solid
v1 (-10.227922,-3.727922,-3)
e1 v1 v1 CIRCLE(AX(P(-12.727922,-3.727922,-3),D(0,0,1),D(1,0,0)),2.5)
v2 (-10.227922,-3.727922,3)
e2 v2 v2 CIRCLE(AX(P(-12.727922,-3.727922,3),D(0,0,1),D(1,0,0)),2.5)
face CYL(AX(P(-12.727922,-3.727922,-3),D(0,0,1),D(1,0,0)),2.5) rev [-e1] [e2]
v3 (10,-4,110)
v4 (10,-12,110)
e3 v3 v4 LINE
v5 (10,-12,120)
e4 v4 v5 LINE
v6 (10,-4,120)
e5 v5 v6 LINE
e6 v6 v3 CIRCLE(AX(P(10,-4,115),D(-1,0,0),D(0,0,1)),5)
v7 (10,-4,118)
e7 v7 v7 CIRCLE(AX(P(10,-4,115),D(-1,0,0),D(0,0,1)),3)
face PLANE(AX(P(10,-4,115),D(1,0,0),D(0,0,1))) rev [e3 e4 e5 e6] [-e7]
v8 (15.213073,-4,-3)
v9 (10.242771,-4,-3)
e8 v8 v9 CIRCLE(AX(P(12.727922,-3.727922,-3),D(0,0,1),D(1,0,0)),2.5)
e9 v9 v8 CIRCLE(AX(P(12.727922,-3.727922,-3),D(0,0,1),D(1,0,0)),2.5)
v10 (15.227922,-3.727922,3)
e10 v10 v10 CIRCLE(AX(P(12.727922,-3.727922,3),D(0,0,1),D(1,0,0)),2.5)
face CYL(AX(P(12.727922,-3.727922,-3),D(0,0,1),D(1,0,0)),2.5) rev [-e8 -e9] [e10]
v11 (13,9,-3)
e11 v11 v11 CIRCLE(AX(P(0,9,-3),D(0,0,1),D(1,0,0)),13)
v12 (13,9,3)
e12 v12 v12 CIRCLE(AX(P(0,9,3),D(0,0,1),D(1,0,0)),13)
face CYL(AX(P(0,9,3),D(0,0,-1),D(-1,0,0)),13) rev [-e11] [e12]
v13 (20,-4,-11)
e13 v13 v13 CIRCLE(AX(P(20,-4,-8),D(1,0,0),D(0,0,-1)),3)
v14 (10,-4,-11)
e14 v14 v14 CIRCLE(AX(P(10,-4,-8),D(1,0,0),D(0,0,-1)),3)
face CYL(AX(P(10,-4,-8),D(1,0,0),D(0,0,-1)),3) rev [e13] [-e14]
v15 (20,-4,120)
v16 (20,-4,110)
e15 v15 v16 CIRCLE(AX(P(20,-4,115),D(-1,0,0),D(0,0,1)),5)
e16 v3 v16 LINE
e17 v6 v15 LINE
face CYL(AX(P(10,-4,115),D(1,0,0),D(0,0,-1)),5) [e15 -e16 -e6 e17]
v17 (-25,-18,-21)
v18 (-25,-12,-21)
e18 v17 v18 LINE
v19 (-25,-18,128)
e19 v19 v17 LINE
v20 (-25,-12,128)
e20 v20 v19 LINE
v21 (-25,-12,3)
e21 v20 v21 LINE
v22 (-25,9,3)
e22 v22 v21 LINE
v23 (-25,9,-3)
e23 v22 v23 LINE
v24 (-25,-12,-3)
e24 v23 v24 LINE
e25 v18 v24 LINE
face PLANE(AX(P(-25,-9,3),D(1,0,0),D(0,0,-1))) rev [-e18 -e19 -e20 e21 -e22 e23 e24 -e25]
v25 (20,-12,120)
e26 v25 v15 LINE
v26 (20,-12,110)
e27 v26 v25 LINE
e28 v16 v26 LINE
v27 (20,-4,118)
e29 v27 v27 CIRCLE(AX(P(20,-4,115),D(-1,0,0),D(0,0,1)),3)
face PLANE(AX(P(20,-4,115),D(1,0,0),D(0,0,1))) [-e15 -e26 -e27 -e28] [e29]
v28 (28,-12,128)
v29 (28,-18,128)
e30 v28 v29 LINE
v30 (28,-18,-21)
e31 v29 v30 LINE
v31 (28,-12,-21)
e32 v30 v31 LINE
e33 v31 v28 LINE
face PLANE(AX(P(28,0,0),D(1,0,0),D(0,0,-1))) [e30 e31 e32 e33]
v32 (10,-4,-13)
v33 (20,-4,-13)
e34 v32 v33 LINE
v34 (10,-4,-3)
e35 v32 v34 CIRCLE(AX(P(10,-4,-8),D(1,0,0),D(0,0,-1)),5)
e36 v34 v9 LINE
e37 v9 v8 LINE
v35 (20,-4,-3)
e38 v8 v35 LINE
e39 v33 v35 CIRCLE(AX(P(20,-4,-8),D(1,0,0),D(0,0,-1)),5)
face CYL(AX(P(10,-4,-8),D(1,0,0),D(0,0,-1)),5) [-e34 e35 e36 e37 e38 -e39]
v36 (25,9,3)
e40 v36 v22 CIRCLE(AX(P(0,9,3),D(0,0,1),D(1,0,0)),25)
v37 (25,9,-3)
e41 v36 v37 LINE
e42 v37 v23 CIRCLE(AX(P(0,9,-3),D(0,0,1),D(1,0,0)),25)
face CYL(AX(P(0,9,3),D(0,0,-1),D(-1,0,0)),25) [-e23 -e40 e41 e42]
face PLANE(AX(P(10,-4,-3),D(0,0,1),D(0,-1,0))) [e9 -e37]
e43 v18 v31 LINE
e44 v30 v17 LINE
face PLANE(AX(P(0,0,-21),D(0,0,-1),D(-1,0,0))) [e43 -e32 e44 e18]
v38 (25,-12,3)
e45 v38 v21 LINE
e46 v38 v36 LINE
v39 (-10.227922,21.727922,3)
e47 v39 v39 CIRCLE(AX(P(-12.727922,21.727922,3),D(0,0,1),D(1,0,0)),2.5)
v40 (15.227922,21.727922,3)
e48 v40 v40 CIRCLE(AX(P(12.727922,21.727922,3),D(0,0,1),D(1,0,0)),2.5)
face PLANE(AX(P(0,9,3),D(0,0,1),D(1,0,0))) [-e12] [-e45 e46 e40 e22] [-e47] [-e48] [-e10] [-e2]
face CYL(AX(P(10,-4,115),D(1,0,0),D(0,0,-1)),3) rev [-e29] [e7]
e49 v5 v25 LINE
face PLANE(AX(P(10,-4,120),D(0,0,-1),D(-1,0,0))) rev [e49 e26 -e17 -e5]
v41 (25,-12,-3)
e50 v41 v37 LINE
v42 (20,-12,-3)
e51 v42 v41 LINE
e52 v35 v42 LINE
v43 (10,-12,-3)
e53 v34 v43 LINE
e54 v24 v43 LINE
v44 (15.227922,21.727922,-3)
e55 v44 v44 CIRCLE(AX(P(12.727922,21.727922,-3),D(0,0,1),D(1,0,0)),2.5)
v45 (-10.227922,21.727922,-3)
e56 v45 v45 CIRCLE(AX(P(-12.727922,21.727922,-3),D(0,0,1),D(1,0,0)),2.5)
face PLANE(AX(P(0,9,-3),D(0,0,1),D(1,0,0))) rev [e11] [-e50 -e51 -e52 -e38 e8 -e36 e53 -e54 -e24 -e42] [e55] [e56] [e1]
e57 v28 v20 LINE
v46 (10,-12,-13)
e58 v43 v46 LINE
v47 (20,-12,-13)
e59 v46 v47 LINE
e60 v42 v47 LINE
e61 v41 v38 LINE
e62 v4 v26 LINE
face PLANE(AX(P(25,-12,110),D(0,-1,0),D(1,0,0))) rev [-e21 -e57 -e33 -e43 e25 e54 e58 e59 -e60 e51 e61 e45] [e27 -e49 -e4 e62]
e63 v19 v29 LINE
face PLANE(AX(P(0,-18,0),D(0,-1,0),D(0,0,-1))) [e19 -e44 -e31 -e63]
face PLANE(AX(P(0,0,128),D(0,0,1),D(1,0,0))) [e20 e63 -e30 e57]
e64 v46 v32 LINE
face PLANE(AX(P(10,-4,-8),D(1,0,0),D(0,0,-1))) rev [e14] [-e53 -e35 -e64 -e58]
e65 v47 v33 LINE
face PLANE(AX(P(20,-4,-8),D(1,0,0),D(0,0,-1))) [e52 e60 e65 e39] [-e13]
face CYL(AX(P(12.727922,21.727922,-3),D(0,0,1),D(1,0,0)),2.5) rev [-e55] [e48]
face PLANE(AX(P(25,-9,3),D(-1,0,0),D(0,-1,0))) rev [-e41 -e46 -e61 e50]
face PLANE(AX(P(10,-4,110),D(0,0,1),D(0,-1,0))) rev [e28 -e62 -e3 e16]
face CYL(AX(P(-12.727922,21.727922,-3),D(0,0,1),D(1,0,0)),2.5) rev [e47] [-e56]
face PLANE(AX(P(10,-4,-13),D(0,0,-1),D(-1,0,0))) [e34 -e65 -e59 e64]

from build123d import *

# Parameters (mm, degrees)
CROQUIS1_R              = 13
SALIENTE_EXTRUIR1_DEPTH = 3
CROQUIS2_W              = 50
CROQUIS2_H              = 6
SALIENTE_EXTRUIR2_DEPTH = 9
CROQUIS3_W              = 50
CROQUIS3_H              = 6
SALIENTE_EXTRUIR3_DEPTH = 107
CROQUIS4_W              = 50
CROQUIS4_H              = 6
SALIENTE_EXTRUIR4_DEPTH = 6
CROQUIS5_R              = 2.5
CORTAR_EXTRUIR1_DEPTH   = 116.021737076
CROQUIS6_W              = 50
CROQUIS6_H              = 6
SALIENTE_EXTRUIR5_DEPTH = 18
CROQUIS7_W              = 50
CROQUIS7_H              = 6
SALIENTE_EXTRUIR6_DEPTH = 18
CROQUIS8_R              = 3
SALIENTE_EXTRUIR7_DEPTH = 10
SALIENTE_EXTRUIR8_DEPTH = 3


with BuildPart() as part:
    # Croquis1 → Saliente-Extruir1 (new, symmetric)
    with BuildSketch(Plane.XY):
        with BuildLine():
            Line((25, -9), (-25, -9))
            Line((-25, -9), (-25, 9))
            ThreePointArc((-25, 9), (0, 34), (25, 9))
            Line((25, 9), (25, -9))
        make_face()
        with Locations((0, 9)):
            Circle(CROQUIS1_R, mode=Mode.SUBTRACT)
    extrude(amount=SALIENTE_EXTRUIR1_DEPTH, both=True)

    # Croquis2 → Saliente-Extruir2 (add)
    with BuildSketch(Plane.XZ.offset(9)):
        Rectangle(CROQUIS2_W, CROQUIS2_H)
    extrude(amount=SALIENTE_EXTRUIR2_DEPTH)



with BuildPart() as body_2:
    # Croquis3 → Saliente-Extruir3 (new body)
    with BuildSketch(Plane.XY.offset(3)):
        with Locations((0, -15)):
            Rectangle(CROQUIS3_W, CROQUIS3_H)
    extrude(amount=SALIENTE_EXTRUIR3_DEPTH)


with BuildPart() as part_1:
    add(part.part)

    add(body_2.part)  # Saliente-Extruir4 merges body 2
    # Croquis4 → Saliente-Extruir4 (add)
    with BuildSketch(Plane(origin=(0, 0, 3), x_dir=(-1, 0, 0), z_dir=(0, 0, -1))):
        with Locations((0, -15)):
            Rectangle(CROQUIS4_W, CROQUIS4_H)
    extrude(amount=SALIENTE_EXTRUIR4_DEPTH)

    # Croquis5 → Cortar-Extruir1 (cut, through all)
    with BuildSketch(Plane.XY.offset(3)):
        with Locations((12.727922061, 21.727922061)):
            Circle(CROQUIS5_R)
        with Locations((12.727922061, -3.727922061)):
            Circle(CROQUIS5_R)
        with Locations((-12.727922061, -3.727922061)):
            Circle(CROQUIS5_R)
        with Locations((-12.727922061, 21.727922061)):
            Circle(CROQUIS5_R)
    extrude(amount=-CORTAR_EXTRUIR1_DEPTH, mode=Mode.SUBTRACT)

    # Croquis6 → Saliente-Extruir5 (add)
    with BuildSketch(Plane.XY.offset(110)):
        with Locations((0, -15)):
            Rectangle(CROQUIS6_W, CROQUIS6_H)
    extrude(amount=SALIENTE_EXTRUIR5_DEPTH)

    # Croquis7 → Saliente-Extruir6 (add)
    with BuildSketch(Plane(origin=(0, 0, -3), x_dir=(-1, 0, 0), z_dir=(0, 0, -1))):
        with Locations((0, -15)):
            Rectangle(CROQUIS7_W, CROQUIS7_H)
    extrude(amount=SALIENTE_EXTRUIR6_DEPTH)

    # Croquis8 → Saliente-Extruir7 (add)
    with BuildSketch(Plane(origin=(20, 0, 0), x_dir=(0, 0, -1), z_dir=(1, 0, 0))):
        with BuildLine():
            Line((3, -4), (3, -12))
            Line((3, -12), (13, -12))
            Line((13, -12), (13, -4))
            ThreePointArc((13, -4), (8, 1), (3, -4))
        make_face()
        with Locations((8, -4)):
            Circle(CROQUIS8_R, mode=Mode.SUBTRACT)
    saliente_extruir7 = extrude(amount=-SALIENTE_EXTRUIR7_DEPTH)

    # Simetría1: Saliente-Extruir7 across plane
    add(saliente_extruir7.mirror(Plane(origin=(0, 0, 53.5), x_dir=(1, 0, 0), z_dir=(0, 0, -1))))

    # Croquis9 → Saliente-Extruir8 (add)
    with BuildSketch(Plane(origin=(25, 0, 0), x_dir=(0, 0, -1), z_dir=(1, 0, 0))):
        Polygon((-128, -18), (21, -18), (21, -12), (3, -12), (-128, -12), align=None)
    extrude(amount=SALIENTE_EXTRUIR8_DEPTH)


solid = part_1.part
